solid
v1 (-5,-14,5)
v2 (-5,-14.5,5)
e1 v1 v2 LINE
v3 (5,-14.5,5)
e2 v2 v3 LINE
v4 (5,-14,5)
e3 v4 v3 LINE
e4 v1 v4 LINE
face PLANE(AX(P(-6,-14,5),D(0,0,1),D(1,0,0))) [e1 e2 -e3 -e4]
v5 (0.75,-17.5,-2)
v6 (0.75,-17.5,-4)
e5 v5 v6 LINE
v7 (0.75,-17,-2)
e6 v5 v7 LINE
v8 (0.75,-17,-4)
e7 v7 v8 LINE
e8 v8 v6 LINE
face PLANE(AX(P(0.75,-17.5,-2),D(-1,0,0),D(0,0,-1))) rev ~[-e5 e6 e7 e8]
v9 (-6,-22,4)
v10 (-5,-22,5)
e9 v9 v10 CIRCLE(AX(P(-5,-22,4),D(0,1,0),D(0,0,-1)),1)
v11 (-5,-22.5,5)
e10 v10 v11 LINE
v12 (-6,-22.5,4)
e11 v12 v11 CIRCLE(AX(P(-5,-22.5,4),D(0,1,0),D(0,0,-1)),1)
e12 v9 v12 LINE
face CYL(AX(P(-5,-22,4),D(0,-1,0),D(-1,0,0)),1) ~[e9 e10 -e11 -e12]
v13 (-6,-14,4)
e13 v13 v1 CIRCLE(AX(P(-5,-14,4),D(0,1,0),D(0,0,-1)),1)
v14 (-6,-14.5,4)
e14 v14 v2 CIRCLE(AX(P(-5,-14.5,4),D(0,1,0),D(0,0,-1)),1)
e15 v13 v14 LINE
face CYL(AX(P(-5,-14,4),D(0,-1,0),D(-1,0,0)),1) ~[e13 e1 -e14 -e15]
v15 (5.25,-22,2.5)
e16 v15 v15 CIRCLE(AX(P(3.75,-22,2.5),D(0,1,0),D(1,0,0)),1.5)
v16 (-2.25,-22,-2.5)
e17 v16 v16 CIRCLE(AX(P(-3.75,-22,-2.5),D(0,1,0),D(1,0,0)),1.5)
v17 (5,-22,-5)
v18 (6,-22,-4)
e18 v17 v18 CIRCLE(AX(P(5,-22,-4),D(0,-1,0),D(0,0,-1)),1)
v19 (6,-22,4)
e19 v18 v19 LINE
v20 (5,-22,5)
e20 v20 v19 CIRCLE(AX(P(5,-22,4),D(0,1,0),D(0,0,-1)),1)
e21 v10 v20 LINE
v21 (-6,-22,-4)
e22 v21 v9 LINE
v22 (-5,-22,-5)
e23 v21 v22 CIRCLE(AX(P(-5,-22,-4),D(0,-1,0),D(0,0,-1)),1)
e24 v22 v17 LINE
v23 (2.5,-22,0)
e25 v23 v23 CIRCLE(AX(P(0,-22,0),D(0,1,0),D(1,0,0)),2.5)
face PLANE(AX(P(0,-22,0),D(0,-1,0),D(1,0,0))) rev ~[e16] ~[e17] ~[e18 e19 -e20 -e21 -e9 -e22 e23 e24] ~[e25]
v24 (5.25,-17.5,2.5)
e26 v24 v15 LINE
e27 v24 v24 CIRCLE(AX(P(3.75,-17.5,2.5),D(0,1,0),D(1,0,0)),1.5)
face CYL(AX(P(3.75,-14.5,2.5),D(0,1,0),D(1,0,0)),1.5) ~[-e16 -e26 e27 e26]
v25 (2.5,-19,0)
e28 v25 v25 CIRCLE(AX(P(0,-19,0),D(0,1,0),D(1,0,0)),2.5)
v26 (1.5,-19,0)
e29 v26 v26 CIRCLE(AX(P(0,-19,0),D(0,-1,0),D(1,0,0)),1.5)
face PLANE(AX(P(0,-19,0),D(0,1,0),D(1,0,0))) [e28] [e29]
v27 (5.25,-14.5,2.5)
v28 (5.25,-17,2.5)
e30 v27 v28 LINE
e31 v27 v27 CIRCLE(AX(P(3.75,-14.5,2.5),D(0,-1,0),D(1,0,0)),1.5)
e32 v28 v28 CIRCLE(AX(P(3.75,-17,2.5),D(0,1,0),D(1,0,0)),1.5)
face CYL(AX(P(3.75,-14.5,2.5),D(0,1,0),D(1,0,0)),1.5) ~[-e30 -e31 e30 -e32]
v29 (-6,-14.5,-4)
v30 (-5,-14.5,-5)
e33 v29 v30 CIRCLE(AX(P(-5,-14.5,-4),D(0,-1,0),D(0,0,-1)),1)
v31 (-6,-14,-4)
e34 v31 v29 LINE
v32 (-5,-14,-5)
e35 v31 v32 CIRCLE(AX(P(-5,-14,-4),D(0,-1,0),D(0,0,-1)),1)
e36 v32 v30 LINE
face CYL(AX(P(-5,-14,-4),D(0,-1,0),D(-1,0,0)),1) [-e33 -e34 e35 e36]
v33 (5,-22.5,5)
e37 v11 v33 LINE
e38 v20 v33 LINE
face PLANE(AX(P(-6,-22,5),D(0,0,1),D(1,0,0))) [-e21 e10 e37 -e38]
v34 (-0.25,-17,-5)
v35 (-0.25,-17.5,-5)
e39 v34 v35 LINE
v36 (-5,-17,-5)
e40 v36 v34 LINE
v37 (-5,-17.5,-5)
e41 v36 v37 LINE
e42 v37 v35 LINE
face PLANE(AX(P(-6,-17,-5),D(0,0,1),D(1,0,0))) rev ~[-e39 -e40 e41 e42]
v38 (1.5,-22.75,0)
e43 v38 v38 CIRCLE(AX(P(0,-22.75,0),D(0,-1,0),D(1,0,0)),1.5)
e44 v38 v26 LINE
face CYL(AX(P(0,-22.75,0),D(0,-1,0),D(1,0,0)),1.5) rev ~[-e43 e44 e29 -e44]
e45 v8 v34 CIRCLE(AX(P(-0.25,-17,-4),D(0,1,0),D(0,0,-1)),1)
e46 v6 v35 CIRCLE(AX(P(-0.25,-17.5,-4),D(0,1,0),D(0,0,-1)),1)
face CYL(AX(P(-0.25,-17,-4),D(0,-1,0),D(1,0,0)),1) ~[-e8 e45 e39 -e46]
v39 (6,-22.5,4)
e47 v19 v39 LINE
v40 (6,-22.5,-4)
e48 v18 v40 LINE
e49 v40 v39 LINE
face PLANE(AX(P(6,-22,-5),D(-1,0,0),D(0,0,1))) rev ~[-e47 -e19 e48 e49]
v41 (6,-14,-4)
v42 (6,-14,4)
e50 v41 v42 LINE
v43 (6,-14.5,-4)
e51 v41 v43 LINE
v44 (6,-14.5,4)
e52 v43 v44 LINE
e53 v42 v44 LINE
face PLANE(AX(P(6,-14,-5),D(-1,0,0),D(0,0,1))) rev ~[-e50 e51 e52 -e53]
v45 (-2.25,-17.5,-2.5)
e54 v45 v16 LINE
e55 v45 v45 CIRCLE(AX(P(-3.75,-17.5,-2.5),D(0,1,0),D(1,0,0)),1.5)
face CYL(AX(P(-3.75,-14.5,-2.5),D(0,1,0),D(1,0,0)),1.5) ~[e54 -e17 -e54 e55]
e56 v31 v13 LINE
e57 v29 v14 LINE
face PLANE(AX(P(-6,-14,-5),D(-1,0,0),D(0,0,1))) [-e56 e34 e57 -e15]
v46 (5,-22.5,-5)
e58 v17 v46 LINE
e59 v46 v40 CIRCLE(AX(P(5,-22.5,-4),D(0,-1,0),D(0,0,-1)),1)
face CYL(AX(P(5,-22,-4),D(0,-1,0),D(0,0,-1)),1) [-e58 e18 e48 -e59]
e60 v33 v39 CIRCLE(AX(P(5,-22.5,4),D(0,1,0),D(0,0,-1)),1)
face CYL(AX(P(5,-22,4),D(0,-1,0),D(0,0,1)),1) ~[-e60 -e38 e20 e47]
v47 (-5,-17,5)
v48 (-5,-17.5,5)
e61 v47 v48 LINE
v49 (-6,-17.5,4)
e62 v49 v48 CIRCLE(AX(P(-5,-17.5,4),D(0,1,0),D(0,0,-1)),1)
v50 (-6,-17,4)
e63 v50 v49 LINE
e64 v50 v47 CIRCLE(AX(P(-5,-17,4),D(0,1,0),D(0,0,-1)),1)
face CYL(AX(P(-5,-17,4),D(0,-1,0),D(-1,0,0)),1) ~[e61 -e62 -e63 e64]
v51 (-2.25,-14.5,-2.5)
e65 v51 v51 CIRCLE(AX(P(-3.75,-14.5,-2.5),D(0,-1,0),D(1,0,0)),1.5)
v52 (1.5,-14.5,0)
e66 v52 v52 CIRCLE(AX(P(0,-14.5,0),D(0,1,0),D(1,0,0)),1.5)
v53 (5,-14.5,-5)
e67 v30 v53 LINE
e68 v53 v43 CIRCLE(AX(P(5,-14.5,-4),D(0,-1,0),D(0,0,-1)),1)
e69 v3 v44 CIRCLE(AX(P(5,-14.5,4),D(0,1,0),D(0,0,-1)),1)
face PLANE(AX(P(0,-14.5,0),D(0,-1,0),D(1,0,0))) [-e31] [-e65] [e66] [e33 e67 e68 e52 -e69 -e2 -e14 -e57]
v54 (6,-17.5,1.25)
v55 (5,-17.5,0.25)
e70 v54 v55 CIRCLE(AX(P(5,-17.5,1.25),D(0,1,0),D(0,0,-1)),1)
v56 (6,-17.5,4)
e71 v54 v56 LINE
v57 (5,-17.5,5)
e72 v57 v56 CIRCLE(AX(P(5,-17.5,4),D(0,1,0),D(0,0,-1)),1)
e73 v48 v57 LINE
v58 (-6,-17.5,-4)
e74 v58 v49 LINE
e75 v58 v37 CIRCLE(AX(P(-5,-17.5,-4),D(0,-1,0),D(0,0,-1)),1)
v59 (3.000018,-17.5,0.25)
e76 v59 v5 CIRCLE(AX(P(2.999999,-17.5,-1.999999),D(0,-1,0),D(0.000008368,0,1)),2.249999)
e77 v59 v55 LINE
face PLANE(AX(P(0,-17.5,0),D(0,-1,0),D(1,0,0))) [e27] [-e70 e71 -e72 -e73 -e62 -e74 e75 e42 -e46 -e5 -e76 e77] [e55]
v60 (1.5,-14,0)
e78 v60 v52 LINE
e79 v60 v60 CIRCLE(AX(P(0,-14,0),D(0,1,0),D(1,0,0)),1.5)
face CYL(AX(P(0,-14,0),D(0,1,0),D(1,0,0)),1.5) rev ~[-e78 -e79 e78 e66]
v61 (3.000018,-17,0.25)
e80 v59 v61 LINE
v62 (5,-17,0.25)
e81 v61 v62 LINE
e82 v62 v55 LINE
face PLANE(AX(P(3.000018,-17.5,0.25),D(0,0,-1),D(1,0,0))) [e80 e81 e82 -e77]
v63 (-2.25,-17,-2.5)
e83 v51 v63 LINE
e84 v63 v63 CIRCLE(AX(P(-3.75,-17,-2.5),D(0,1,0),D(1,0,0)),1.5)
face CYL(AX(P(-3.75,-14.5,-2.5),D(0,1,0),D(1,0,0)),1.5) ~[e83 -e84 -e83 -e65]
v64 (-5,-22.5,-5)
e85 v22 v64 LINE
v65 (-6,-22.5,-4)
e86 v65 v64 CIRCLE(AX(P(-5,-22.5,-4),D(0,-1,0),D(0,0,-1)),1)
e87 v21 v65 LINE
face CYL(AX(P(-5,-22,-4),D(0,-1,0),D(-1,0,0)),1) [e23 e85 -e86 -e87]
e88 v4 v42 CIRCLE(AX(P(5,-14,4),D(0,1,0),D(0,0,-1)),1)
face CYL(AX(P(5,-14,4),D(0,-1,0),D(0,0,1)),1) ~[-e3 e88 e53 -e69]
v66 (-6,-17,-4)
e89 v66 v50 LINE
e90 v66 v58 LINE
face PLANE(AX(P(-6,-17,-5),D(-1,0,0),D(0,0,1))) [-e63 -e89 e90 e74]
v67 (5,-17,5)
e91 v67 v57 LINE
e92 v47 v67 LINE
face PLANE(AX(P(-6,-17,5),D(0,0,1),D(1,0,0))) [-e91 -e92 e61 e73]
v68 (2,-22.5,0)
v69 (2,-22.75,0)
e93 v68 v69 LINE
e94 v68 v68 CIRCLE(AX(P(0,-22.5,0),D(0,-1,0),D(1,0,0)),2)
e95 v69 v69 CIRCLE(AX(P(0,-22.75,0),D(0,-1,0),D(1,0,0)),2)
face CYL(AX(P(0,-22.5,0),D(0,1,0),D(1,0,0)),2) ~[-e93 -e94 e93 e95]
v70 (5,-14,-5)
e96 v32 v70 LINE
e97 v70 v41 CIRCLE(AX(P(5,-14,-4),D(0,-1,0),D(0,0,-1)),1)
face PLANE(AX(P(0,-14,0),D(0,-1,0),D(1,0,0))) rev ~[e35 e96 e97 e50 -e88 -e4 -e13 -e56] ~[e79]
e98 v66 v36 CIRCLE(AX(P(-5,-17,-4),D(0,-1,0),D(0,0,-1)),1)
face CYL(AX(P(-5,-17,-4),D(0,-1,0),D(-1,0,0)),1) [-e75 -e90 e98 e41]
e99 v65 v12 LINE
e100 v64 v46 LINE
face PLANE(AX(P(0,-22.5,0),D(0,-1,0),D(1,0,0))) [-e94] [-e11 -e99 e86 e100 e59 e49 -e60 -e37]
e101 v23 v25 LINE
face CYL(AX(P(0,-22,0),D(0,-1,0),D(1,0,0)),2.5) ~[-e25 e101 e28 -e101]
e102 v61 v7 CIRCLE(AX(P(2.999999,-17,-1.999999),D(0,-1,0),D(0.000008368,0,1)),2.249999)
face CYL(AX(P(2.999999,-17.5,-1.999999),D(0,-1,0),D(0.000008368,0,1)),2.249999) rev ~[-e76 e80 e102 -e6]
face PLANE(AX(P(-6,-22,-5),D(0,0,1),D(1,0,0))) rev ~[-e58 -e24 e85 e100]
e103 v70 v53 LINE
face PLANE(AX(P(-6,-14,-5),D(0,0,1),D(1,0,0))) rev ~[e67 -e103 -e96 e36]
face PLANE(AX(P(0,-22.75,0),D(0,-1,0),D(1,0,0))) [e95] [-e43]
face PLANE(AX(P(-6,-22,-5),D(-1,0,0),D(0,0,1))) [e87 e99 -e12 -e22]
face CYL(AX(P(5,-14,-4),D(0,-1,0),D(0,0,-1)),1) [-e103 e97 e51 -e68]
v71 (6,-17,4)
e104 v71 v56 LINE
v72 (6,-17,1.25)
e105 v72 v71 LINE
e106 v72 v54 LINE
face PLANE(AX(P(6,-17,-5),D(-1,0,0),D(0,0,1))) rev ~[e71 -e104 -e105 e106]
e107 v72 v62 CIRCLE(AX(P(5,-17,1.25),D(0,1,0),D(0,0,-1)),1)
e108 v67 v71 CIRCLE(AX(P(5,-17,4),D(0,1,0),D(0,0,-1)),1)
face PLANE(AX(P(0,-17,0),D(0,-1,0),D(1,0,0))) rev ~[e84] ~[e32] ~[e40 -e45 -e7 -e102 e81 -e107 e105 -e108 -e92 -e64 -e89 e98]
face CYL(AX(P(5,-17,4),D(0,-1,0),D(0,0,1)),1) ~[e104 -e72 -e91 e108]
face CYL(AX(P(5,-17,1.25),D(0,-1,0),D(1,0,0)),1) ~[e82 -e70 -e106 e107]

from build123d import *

# Parameters (mm, degrees)
SKETCH006_W     = 12
SKETCH006_H     = 10
PAD003_DEPTH    = 0.5
SKETCH007_R     = 1.5
PAD004_DEPTH    = 7.7
SKETCH008_W     = 12
SKETCH008_H     = 10
PAD005_DEPTH    = 0.5
SKETCH009_W     = 12
SKETCH009_H     = 10
PAD006_DEPTH    = 0.5
SKETCH010_R     = 2
PAD007_DEPTH    = 0.25
SKETCH011_R     = 2.5
PAD008_DEPTH    = 3
SKETCH012_R     = 1.5
POCKET003_DEPTH = 5
POCKET004_DEPTH = 1
FILLET_R        = 1
SKETCH014_R     = 1.5
POCKET005_DEPTH = 2


with BuildPart() as part:
    # Sketch006 (on DatumPlane) → Pad003 (new body)
    with BuildSketch(Plane.XZ.offset(14)):
        Rectangle(SKETCH006_W, SKETCH006_H)
    extrude(amount=PAD003_DEPTH)

    # Sketch007 (on Face6 of Pad003) → Pad004 (join)
    with BuildSketch(Plane.XZ.offset(14.5)):
        with Locations((3.75, 2.5)):
            Circle(SKETCH007_R)
        with Locations((-3.75, -2.5)):
            Circle(SKETCH007_R)
    extrude(amount=PAD004_DEPTH)

    # Sketch008 (on DatumPlane) → Pad005 (join)
    with BuildSketch(Plane.XZ.offset(17)):
        Rectangle(SKETCH008_W, SKETCH008_H)
    extrude(amount=PAD005_DEPTH)

    # Sketch009 (on DatumPlane) → Pad006 (join)
    with BuildSketch(Plane.XZ.offset(22)):
        Rectangle(SKETCH009_W, SKETCH009_H)
    extrude(amount=PAD006_DEPTH)

    # Sketch010 (on Face22 of Pad006) → Pad007 (join)
    with BuildSketch(Plane.XZ.offset(22.5)):
        Circle(SKETCH010_R)
    extrude(amount=PAD007_DEPTH)

    # Sketch011 (on Face17 of Pad007) → Pad008 (join)
    with BuildSketch(Plane(origin=(0, -22, 0), x_dir=(1, 0, 0), z_dir=(0, 1, 0))):
        Circle(SKETCH011_R)
    extrude(amount=PAD008_DEPTH)

    # Sketch012 (on Face26 of Pad008) → Pocket003 (cut)
    with BuildSketch(Plane.XZ.offset(22.75)):
        Circle(SKETCH012_R)
    extrude(amount=-POCKET003_DEPTH, mode=Mode.SUBTRACT)

    # Sketch013 (on Face14 of Pocket003) → Pocket004 (cut)
    with BuildSketch(Plane.XZ.offset(17.5)):
        with BuildLine():
            Line((7.000018, 0.25), (7.000018, -6))
            Line((7.000018, -6), (0.75, -6))
            Line((0.75, -2), (0.75, -6))
            ThreePointArc((3.000018, 0.25), (1.409016, -0.409003), (0.75, -2))
            Line((3.000018, 0.25), (7.000018, 0.25))
        make_face()
    extrude(amount=-POCKET004_DEPTH, mode=Mode.SUBTRACT)

    # Fillet
    fillet_edges = [part.edges().sort_by_distance(p)[0] for p in [
        (6, -22.25, 5),
        (6, -17.25, 5),
        (6, -14.25, 5),
        (-6, -22.25, 5),
        (-6, -17.25, 5),
        (-6, -14.25, 5),
        (-6, -22.25, -5),
        (-6, -17.25, -5),
        (-6, -14.25, -5),
        (6, -22.25, -5),
        (6, -14.25, -5),
        (6, -17.25, 0.25),
        (0.75, -17.25, -5),
    ]]
    fillet(fillet_edges, radius=FILLET_R)

    # Sketch014 (on Face2 of Fillet) → Pocket005 (cut)
    with BuildSketch(Plane(origin=(0, -14, 0), x_dir=(1, 0, 0), z_dir=(0, 1, 0))):
        Circle(SKETCH014_R)
    extrude(amount=-POCKET005_DEPTH, mode=Mode.SUBTRACT)


solid = part.part
